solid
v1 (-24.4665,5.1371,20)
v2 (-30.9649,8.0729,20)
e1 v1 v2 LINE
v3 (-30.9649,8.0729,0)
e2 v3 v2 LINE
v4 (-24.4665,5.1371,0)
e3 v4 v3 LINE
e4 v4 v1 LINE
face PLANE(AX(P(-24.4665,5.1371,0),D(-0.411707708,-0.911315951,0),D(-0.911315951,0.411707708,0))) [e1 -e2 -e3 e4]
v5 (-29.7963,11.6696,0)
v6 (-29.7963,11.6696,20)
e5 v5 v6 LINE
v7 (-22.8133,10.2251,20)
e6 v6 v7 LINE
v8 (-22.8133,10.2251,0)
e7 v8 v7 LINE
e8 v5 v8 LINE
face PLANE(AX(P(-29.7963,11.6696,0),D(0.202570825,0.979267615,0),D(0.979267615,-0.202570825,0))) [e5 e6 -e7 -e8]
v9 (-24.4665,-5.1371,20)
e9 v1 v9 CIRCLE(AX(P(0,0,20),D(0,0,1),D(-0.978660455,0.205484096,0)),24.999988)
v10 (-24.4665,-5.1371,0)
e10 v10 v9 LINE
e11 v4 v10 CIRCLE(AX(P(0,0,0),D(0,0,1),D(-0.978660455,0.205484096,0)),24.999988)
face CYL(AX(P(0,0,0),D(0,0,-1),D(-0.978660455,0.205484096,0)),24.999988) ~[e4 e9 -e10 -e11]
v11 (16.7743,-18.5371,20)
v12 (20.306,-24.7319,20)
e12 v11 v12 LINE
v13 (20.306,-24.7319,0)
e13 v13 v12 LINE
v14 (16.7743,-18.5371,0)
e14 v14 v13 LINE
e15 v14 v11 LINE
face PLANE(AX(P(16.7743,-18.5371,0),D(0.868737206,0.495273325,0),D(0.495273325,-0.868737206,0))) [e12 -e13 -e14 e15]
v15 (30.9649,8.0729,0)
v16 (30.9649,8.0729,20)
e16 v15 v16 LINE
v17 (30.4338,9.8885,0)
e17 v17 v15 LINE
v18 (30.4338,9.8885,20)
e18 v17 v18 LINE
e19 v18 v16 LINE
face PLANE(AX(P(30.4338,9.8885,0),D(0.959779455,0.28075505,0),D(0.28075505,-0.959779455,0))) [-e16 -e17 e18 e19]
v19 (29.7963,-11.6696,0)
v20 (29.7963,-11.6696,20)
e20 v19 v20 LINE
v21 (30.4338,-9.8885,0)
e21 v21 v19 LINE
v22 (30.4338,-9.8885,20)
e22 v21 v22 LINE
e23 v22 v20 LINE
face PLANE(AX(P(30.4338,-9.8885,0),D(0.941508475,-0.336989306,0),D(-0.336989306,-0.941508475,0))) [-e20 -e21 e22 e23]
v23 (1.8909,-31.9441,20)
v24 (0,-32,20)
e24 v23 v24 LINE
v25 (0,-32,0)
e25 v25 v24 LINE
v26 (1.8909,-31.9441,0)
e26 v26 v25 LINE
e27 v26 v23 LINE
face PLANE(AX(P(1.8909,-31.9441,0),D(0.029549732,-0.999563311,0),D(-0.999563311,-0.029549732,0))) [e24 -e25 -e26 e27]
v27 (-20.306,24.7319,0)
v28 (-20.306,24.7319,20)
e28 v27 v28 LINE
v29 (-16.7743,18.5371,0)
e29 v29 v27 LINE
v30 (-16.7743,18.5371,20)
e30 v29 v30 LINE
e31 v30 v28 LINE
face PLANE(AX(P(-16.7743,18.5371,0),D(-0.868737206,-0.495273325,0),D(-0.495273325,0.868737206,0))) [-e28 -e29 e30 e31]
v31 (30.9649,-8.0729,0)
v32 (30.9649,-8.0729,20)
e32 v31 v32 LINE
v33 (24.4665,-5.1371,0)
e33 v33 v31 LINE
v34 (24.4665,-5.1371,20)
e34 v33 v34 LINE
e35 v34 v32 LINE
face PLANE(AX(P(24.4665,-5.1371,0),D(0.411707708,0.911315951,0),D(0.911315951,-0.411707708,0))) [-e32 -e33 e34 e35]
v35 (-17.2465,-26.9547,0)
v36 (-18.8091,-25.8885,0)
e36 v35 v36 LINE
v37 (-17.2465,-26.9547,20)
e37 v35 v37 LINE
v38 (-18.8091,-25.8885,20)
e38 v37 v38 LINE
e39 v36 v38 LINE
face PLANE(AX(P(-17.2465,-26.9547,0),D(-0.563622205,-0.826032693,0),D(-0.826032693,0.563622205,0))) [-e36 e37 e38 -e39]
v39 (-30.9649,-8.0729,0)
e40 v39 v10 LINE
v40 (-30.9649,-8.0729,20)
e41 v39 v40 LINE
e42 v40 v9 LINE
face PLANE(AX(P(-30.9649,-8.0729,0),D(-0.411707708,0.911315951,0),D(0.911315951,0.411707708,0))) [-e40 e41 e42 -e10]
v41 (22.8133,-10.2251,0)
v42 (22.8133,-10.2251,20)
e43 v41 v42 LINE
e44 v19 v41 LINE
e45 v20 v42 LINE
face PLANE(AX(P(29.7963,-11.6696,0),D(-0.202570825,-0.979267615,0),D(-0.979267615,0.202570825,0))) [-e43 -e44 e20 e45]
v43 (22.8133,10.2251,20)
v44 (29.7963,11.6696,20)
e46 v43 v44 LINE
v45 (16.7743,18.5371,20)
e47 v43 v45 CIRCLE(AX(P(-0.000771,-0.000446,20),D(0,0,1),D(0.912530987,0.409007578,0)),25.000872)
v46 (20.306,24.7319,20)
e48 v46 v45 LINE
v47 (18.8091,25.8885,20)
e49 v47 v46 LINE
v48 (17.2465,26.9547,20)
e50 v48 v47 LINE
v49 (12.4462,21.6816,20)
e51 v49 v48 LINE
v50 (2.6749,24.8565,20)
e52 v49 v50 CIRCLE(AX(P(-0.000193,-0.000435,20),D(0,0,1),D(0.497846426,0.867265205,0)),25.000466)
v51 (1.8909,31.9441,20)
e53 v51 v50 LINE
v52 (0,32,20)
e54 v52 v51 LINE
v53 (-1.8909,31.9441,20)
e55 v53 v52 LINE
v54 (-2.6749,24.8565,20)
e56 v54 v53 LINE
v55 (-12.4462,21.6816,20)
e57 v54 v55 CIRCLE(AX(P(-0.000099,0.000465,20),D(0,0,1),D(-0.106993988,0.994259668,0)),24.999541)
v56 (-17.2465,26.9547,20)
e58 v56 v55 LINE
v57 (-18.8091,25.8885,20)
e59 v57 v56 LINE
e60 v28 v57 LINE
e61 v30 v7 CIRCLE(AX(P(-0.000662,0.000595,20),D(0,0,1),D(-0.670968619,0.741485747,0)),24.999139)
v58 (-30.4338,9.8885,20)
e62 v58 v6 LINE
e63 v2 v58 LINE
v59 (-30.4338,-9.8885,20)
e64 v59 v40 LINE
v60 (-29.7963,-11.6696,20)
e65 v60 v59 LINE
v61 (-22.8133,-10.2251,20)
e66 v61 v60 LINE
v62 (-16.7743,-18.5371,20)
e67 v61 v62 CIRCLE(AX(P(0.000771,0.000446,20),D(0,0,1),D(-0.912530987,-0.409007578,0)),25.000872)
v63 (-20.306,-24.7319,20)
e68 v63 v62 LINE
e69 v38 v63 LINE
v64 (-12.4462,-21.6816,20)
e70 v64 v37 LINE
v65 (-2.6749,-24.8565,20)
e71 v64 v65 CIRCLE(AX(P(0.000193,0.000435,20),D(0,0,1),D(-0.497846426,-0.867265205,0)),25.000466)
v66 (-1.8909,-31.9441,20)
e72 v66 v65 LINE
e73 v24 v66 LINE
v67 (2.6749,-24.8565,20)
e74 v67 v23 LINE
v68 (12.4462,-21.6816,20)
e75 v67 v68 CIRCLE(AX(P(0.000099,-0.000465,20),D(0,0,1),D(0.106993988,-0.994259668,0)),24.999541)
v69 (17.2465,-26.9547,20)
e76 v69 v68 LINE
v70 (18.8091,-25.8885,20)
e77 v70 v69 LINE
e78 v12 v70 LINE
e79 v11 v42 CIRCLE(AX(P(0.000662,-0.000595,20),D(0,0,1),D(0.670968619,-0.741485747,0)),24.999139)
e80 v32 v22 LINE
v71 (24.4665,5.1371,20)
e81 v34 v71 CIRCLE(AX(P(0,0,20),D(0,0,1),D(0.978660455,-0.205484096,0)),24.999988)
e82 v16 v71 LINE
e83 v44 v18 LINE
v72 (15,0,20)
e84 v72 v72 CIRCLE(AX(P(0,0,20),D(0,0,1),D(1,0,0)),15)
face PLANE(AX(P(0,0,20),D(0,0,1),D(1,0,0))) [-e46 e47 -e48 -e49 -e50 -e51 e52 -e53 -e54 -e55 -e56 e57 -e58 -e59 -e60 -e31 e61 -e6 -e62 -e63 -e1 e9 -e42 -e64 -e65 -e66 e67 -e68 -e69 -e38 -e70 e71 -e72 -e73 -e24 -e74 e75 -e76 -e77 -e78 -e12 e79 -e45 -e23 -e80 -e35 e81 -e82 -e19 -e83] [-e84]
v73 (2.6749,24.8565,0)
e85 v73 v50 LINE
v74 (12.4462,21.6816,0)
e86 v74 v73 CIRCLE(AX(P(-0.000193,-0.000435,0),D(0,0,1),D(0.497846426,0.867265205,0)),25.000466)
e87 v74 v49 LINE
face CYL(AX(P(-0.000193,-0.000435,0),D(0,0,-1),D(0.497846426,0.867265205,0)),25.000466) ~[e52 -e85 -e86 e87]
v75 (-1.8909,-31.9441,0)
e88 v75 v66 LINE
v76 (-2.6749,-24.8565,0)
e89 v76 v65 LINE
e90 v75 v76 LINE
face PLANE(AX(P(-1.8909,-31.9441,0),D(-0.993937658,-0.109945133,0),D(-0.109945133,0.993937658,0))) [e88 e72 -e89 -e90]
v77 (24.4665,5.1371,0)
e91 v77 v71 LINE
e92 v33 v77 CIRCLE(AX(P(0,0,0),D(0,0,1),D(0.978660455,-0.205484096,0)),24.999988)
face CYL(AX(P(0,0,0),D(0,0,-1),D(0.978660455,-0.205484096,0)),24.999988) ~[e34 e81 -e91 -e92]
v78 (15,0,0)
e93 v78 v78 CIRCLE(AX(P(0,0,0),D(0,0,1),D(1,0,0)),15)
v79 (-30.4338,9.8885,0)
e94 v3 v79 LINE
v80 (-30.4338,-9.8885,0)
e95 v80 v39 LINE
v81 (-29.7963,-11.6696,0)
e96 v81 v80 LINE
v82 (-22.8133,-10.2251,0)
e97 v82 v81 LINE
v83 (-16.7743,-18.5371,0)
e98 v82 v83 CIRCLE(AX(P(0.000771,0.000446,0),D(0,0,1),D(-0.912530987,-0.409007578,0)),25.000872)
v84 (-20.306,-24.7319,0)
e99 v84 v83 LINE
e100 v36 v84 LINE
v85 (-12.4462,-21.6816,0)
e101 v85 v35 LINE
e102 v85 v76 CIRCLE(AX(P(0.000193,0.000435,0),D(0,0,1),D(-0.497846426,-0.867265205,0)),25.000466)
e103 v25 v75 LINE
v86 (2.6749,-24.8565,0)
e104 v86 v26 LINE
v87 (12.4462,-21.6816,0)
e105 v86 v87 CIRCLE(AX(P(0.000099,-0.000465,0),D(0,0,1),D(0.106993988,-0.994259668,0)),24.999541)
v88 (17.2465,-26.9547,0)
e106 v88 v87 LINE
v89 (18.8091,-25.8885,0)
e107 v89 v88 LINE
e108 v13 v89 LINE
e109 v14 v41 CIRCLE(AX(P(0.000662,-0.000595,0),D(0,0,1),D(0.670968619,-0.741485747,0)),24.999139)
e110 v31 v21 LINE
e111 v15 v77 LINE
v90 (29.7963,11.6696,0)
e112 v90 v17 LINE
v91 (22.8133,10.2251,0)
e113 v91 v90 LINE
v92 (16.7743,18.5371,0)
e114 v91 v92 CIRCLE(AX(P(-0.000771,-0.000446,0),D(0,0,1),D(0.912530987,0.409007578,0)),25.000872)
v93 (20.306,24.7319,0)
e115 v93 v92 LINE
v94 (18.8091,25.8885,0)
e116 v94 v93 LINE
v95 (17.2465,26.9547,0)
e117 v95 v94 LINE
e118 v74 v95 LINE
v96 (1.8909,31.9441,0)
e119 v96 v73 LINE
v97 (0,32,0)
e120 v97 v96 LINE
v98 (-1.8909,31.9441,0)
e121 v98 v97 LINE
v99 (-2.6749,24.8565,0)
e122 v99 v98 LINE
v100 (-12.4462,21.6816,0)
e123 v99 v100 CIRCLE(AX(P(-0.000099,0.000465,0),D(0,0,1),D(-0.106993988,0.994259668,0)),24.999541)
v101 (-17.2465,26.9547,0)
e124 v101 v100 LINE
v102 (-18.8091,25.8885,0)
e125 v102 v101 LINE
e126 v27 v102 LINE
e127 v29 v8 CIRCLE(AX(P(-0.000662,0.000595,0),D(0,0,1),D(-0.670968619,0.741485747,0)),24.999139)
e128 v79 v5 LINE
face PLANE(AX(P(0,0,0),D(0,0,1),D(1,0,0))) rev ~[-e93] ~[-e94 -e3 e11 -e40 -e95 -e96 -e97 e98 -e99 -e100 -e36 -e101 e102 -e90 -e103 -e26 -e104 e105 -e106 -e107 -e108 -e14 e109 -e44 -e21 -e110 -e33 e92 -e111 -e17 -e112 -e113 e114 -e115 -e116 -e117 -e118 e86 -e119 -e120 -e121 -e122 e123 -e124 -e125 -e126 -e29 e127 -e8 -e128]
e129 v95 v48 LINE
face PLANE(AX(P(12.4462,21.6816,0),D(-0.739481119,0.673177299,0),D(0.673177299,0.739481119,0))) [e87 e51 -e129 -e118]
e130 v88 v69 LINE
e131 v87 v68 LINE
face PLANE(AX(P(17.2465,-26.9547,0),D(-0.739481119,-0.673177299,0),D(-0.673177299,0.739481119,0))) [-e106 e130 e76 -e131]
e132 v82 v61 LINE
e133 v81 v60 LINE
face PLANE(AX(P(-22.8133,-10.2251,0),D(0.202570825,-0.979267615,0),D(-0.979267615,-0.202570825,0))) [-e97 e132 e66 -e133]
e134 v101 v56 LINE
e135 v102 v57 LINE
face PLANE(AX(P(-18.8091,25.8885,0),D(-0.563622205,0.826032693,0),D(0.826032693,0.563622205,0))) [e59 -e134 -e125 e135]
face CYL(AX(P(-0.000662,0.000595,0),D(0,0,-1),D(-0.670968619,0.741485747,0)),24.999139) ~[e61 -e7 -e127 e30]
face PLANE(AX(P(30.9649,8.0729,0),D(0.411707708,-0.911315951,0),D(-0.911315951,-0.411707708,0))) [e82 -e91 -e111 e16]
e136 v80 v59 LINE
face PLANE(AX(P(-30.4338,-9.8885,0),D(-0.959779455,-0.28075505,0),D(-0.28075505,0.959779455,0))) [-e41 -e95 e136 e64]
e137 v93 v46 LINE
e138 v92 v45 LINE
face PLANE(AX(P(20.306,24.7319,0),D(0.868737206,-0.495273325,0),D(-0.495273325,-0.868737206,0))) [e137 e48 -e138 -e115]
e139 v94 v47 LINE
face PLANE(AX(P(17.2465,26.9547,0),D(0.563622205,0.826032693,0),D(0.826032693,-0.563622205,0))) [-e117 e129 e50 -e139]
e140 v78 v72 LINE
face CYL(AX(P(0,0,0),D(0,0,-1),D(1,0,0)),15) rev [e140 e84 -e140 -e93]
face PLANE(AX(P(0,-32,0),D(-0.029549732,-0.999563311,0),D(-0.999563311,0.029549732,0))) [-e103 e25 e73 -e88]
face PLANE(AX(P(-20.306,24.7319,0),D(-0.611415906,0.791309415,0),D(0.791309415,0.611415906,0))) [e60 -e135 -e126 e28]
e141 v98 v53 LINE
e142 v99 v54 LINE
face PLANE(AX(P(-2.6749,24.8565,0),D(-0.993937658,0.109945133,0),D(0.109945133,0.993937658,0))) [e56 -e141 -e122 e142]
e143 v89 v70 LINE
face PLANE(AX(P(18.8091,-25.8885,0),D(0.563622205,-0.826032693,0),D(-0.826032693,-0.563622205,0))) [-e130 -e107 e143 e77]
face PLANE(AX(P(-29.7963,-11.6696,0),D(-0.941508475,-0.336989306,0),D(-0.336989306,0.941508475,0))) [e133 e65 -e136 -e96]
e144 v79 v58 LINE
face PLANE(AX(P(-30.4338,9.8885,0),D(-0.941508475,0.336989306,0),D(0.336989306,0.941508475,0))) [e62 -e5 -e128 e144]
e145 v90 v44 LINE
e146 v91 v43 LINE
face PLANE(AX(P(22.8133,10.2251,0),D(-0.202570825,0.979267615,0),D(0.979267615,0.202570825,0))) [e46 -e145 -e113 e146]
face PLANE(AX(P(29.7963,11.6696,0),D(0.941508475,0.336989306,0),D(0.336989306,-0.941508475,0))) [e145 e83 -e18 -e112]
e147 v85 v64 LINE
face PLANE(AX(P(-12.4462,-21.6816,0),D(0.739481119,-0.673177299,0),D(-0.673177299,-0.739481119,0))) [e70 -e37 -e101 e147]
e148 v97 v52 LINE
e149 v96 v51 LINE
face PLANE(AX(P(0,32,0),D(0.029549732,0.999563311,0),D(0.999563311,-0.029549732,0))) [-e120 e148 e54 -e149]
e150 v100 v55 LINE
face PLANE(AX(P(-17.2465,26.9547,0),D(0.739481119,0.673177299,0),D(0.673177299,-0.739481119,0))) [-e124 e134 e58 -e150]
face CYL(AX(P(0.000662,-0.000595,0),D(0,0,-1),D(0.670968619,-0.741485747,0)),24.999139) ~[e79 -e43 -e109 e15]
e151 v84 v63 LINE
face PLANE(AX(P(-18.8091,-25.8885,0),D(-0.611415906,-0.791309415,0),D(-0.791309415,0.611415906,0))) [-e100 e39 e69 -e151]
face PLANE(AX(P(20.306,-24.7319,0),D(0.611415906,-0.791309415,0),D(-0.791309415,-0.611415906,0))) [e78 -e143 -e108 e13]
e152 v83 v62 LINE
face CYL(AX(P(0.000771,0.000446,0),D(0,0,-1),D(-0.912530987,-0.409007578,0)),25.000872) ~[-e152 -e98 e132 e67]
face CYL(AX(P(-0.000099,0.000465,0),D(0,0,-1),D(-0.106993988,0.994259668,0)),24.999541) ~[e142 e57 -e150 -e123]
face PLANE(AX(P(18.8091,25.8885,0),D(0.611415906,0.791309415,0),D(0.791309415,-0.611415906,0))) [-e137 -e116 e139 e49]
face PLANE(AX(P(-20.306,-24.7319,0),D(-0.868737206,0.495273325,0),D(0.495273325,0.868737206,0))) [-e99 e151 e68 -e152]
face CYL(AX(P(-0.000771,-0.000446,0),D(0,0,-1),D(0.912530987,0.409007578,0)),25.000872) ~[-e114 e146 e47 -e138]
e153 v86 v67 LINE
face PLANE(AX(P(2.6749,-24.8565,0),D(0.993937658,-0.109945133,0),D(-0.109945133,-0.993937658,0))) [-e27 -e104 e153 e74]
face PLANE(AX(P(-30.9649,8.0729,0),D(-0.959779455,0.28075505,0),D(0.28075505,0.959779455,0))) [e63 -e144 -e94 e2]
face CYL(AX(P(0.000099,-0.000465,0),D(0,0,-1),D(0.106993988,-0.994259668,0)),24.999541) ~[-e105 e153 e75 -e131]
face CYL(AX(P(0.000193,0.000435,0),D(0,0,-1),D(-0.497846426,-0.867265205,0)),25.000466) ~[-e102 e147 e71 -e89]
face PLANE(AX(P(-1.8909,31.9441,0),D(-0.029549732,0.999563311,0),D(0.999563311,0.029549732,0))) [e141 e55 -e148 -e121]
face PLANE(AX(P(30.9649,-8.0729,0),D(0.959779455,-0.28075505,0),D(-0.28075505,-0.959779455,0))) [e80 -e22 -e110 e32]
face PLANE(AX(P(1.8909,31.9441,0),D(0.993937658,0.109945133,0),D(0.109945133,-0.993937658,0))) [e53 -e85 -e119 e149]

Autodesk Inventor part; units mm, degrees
ref_plane "YZ Plane" through (0, 0, 0) normal (1, 0, 0) x (0, 1, 0)
ref_plane "XZ Plane" through (0, 0, 0) normal (0, 1, 0) x (-1, 0, 0)
ref_plane "XY Plane" through (0, 0, 0) normal (0, 0, 1) x (1, 0, 0)
sketch "Sketch1" plane through (0, 0, 0) normal (0, 0, 1) x (1, 0, 0)
  circle A0 centre (0, 0) radius 15
  arc A1 (-2.6749, 24.8565) -> (-12.4462, 21.6816) centre (0, 0) ccw
  arc A2 (-16.7743, 18.5371) -> (-22.8133, 10.2251) centre (0, 0) ccw
  arc A3 (12.4462, 21.6816) -> (2.6749, 24.8565) centre (0, 0) ccw
  arc A4 (22.8133, 10.2251) -> (16.7743, 18.5371) centre (0, 0) ccw
  arc A5 (24.4665, -5.1371) -> (24.4665, 5.1371) centre (0, 0) ccw
  arc A6 (16.7743, -18.5371) -> (22.8133, -10.2251) centre (0, 0) ccw
  arc A7 (2.6749, -24.8565) -> (12.4462, -21.6816) centre (0, 0) ccw
  arc A8 (-12.4462, -21.6816) -> (-2.6749, -24.8565) centre (0, 0) ccw
  arc A9 (-22.8133, -10.2251) -> (-16.7743, -18.5371) centre (0, 0) ccw
  arc A10 (-24.4665, 5.1371) -> (-24.4665, -5.1371) centre (0, 0) ccw
  line L0 (-16.7743, 18.5371) -> (-20.306, 24.7319)
  line L1 (-20.306, 24.7319) -> (-18.8091, 25.8885)
  line L2 (-18.8091, 25.8885) -> (-17.2465, 26.9547)
  line L3 (-17.2465, 26.9547) -> (-12.4462, 21.6816)
  line L4 (-24.4665, 5.1371) -> (-30.9649, 8.0729)
  line L5 (-30.9649, 8.0729) -> (-30.4338, 9.8885)
  line L6 (-30.4338, 9.8885) -> (-29.7963, 11.6696)
  line L7 (-29.7963, 11.6696) -> (-22.8133, 10.2251)
  line L8 (-22.8133, -10.2251) -> (-29.7963, -11.6696)
  line L9 (-29.7963, -11.6696) -> (-30.4338, -9.8885)
  line L10 (-30.4338, -9.8885) -> (-30.9649, -8.0729)
  line L11 (-30.9649, -8.0729) -> (-24.4665, -5.1371)
  line L12 (-12.4462, -21.6816) -> (-17.2465, -26.9547)
  line L13 (-17.2465, -26.9547) -> (-18.8091, -25.8885)
  line L14 (-18.8091, -25.8885) -> (-20.306, -24.7319)
  line L15 (-20.306, -24.7319) -> (-16.7743, -18.5371)
  line L16 (2.6749, -24.8565) -> (1.8909, -31.9441)
  line L17 (1.8909, -31.9441) -> (0, -32)
  line L18 (0, -32) -> (-1.8909, -31.9441)
  line L19 (-1.8909, -31.9441) -> (-2.6749, -24.8565)
  line L20 (16.7743, -18.5371) -> (20.306, -24.7319)
  line L21 (20.306, -24.7319) -> (18.8091, -25.8885)
  line L22 (18.8091, -25.8885) -> (17.2465, -26.9547)
  line L23 (17.2465, -26.9547) -> (12.4462, -21.6816)
  line L24 (24.4665, -5.1371) -> (30.9649, -8.0729)
  line L25 (30.9649, -8.0729) -> (30.4338, -9.8885)
  line L26 (30.4338, -9.8885) -> (29.7963, -11.6696)
  line L27 (29.7963, -11.6696) -> (22.8133, -10.2251)
  line L28 (22.8133, 10.2251) -> (29.7963, 11.6696)
  line L29 (29.7963, 11.6696) -> (30.4338, 9.8885)
  line L30 (30.4338, 9.8885) -> (30.9649, 8.0729)
  line L31 (30.9649, 8.0729) -> (24.4665, 5.1371)
  line L32 (12.4462, 21.6816) -> (17.2465, 26.9547)
  line L33 (17.2465, 26.9547) -> (18.8091, 25.8885)
  line L34 (18.8091, 25.8885) -> (20.306, 24.7319)
  line L35 (20.306, 24.7319) -> (16.7743, 18.5371)
  line L36 (-2.6749, 24.8565) -> (-1.8909, 31.9441)
  line L37 (-1.8909, 31.9441) -> (0, 32)
  line L38 (0, 32) -> (1.8909, 31.9441)
  line L39 (1.8909, 31.9441) -> (2.6749, 24.8565)
  point P0 (-2.6749, 24.8565)
  point P1 (-12.4462, 21.6816)
  point P2 (-16.7743, 18.5371)
  point P3 (-22.8133, 10.2251)
  point P4 (-24.4665, -5.1371)
  point P5 (-22.8133, -10.2251)
  point P6 (-16.7743, -18.5371)
  point P7 (-12.4462, -21.6816)
  point P8 (-2.6749, -24.8565)
  point P9 (12.4462, -21.6816)
  point P10 (16.7743, -18.5371)
  point P11 (22.8133, -10.2251)
  point P12 (24.4665, 5.1371)
  point P13 (22.8133, 10.2251)
  point P14 (16.7743, 18.5371)
  point P15 (12.4462, 21.6816)
  point P16 (2.6749, 24.8565)
extrude "Extrusion1" add sketch "Sketch1" along normal blind 20
